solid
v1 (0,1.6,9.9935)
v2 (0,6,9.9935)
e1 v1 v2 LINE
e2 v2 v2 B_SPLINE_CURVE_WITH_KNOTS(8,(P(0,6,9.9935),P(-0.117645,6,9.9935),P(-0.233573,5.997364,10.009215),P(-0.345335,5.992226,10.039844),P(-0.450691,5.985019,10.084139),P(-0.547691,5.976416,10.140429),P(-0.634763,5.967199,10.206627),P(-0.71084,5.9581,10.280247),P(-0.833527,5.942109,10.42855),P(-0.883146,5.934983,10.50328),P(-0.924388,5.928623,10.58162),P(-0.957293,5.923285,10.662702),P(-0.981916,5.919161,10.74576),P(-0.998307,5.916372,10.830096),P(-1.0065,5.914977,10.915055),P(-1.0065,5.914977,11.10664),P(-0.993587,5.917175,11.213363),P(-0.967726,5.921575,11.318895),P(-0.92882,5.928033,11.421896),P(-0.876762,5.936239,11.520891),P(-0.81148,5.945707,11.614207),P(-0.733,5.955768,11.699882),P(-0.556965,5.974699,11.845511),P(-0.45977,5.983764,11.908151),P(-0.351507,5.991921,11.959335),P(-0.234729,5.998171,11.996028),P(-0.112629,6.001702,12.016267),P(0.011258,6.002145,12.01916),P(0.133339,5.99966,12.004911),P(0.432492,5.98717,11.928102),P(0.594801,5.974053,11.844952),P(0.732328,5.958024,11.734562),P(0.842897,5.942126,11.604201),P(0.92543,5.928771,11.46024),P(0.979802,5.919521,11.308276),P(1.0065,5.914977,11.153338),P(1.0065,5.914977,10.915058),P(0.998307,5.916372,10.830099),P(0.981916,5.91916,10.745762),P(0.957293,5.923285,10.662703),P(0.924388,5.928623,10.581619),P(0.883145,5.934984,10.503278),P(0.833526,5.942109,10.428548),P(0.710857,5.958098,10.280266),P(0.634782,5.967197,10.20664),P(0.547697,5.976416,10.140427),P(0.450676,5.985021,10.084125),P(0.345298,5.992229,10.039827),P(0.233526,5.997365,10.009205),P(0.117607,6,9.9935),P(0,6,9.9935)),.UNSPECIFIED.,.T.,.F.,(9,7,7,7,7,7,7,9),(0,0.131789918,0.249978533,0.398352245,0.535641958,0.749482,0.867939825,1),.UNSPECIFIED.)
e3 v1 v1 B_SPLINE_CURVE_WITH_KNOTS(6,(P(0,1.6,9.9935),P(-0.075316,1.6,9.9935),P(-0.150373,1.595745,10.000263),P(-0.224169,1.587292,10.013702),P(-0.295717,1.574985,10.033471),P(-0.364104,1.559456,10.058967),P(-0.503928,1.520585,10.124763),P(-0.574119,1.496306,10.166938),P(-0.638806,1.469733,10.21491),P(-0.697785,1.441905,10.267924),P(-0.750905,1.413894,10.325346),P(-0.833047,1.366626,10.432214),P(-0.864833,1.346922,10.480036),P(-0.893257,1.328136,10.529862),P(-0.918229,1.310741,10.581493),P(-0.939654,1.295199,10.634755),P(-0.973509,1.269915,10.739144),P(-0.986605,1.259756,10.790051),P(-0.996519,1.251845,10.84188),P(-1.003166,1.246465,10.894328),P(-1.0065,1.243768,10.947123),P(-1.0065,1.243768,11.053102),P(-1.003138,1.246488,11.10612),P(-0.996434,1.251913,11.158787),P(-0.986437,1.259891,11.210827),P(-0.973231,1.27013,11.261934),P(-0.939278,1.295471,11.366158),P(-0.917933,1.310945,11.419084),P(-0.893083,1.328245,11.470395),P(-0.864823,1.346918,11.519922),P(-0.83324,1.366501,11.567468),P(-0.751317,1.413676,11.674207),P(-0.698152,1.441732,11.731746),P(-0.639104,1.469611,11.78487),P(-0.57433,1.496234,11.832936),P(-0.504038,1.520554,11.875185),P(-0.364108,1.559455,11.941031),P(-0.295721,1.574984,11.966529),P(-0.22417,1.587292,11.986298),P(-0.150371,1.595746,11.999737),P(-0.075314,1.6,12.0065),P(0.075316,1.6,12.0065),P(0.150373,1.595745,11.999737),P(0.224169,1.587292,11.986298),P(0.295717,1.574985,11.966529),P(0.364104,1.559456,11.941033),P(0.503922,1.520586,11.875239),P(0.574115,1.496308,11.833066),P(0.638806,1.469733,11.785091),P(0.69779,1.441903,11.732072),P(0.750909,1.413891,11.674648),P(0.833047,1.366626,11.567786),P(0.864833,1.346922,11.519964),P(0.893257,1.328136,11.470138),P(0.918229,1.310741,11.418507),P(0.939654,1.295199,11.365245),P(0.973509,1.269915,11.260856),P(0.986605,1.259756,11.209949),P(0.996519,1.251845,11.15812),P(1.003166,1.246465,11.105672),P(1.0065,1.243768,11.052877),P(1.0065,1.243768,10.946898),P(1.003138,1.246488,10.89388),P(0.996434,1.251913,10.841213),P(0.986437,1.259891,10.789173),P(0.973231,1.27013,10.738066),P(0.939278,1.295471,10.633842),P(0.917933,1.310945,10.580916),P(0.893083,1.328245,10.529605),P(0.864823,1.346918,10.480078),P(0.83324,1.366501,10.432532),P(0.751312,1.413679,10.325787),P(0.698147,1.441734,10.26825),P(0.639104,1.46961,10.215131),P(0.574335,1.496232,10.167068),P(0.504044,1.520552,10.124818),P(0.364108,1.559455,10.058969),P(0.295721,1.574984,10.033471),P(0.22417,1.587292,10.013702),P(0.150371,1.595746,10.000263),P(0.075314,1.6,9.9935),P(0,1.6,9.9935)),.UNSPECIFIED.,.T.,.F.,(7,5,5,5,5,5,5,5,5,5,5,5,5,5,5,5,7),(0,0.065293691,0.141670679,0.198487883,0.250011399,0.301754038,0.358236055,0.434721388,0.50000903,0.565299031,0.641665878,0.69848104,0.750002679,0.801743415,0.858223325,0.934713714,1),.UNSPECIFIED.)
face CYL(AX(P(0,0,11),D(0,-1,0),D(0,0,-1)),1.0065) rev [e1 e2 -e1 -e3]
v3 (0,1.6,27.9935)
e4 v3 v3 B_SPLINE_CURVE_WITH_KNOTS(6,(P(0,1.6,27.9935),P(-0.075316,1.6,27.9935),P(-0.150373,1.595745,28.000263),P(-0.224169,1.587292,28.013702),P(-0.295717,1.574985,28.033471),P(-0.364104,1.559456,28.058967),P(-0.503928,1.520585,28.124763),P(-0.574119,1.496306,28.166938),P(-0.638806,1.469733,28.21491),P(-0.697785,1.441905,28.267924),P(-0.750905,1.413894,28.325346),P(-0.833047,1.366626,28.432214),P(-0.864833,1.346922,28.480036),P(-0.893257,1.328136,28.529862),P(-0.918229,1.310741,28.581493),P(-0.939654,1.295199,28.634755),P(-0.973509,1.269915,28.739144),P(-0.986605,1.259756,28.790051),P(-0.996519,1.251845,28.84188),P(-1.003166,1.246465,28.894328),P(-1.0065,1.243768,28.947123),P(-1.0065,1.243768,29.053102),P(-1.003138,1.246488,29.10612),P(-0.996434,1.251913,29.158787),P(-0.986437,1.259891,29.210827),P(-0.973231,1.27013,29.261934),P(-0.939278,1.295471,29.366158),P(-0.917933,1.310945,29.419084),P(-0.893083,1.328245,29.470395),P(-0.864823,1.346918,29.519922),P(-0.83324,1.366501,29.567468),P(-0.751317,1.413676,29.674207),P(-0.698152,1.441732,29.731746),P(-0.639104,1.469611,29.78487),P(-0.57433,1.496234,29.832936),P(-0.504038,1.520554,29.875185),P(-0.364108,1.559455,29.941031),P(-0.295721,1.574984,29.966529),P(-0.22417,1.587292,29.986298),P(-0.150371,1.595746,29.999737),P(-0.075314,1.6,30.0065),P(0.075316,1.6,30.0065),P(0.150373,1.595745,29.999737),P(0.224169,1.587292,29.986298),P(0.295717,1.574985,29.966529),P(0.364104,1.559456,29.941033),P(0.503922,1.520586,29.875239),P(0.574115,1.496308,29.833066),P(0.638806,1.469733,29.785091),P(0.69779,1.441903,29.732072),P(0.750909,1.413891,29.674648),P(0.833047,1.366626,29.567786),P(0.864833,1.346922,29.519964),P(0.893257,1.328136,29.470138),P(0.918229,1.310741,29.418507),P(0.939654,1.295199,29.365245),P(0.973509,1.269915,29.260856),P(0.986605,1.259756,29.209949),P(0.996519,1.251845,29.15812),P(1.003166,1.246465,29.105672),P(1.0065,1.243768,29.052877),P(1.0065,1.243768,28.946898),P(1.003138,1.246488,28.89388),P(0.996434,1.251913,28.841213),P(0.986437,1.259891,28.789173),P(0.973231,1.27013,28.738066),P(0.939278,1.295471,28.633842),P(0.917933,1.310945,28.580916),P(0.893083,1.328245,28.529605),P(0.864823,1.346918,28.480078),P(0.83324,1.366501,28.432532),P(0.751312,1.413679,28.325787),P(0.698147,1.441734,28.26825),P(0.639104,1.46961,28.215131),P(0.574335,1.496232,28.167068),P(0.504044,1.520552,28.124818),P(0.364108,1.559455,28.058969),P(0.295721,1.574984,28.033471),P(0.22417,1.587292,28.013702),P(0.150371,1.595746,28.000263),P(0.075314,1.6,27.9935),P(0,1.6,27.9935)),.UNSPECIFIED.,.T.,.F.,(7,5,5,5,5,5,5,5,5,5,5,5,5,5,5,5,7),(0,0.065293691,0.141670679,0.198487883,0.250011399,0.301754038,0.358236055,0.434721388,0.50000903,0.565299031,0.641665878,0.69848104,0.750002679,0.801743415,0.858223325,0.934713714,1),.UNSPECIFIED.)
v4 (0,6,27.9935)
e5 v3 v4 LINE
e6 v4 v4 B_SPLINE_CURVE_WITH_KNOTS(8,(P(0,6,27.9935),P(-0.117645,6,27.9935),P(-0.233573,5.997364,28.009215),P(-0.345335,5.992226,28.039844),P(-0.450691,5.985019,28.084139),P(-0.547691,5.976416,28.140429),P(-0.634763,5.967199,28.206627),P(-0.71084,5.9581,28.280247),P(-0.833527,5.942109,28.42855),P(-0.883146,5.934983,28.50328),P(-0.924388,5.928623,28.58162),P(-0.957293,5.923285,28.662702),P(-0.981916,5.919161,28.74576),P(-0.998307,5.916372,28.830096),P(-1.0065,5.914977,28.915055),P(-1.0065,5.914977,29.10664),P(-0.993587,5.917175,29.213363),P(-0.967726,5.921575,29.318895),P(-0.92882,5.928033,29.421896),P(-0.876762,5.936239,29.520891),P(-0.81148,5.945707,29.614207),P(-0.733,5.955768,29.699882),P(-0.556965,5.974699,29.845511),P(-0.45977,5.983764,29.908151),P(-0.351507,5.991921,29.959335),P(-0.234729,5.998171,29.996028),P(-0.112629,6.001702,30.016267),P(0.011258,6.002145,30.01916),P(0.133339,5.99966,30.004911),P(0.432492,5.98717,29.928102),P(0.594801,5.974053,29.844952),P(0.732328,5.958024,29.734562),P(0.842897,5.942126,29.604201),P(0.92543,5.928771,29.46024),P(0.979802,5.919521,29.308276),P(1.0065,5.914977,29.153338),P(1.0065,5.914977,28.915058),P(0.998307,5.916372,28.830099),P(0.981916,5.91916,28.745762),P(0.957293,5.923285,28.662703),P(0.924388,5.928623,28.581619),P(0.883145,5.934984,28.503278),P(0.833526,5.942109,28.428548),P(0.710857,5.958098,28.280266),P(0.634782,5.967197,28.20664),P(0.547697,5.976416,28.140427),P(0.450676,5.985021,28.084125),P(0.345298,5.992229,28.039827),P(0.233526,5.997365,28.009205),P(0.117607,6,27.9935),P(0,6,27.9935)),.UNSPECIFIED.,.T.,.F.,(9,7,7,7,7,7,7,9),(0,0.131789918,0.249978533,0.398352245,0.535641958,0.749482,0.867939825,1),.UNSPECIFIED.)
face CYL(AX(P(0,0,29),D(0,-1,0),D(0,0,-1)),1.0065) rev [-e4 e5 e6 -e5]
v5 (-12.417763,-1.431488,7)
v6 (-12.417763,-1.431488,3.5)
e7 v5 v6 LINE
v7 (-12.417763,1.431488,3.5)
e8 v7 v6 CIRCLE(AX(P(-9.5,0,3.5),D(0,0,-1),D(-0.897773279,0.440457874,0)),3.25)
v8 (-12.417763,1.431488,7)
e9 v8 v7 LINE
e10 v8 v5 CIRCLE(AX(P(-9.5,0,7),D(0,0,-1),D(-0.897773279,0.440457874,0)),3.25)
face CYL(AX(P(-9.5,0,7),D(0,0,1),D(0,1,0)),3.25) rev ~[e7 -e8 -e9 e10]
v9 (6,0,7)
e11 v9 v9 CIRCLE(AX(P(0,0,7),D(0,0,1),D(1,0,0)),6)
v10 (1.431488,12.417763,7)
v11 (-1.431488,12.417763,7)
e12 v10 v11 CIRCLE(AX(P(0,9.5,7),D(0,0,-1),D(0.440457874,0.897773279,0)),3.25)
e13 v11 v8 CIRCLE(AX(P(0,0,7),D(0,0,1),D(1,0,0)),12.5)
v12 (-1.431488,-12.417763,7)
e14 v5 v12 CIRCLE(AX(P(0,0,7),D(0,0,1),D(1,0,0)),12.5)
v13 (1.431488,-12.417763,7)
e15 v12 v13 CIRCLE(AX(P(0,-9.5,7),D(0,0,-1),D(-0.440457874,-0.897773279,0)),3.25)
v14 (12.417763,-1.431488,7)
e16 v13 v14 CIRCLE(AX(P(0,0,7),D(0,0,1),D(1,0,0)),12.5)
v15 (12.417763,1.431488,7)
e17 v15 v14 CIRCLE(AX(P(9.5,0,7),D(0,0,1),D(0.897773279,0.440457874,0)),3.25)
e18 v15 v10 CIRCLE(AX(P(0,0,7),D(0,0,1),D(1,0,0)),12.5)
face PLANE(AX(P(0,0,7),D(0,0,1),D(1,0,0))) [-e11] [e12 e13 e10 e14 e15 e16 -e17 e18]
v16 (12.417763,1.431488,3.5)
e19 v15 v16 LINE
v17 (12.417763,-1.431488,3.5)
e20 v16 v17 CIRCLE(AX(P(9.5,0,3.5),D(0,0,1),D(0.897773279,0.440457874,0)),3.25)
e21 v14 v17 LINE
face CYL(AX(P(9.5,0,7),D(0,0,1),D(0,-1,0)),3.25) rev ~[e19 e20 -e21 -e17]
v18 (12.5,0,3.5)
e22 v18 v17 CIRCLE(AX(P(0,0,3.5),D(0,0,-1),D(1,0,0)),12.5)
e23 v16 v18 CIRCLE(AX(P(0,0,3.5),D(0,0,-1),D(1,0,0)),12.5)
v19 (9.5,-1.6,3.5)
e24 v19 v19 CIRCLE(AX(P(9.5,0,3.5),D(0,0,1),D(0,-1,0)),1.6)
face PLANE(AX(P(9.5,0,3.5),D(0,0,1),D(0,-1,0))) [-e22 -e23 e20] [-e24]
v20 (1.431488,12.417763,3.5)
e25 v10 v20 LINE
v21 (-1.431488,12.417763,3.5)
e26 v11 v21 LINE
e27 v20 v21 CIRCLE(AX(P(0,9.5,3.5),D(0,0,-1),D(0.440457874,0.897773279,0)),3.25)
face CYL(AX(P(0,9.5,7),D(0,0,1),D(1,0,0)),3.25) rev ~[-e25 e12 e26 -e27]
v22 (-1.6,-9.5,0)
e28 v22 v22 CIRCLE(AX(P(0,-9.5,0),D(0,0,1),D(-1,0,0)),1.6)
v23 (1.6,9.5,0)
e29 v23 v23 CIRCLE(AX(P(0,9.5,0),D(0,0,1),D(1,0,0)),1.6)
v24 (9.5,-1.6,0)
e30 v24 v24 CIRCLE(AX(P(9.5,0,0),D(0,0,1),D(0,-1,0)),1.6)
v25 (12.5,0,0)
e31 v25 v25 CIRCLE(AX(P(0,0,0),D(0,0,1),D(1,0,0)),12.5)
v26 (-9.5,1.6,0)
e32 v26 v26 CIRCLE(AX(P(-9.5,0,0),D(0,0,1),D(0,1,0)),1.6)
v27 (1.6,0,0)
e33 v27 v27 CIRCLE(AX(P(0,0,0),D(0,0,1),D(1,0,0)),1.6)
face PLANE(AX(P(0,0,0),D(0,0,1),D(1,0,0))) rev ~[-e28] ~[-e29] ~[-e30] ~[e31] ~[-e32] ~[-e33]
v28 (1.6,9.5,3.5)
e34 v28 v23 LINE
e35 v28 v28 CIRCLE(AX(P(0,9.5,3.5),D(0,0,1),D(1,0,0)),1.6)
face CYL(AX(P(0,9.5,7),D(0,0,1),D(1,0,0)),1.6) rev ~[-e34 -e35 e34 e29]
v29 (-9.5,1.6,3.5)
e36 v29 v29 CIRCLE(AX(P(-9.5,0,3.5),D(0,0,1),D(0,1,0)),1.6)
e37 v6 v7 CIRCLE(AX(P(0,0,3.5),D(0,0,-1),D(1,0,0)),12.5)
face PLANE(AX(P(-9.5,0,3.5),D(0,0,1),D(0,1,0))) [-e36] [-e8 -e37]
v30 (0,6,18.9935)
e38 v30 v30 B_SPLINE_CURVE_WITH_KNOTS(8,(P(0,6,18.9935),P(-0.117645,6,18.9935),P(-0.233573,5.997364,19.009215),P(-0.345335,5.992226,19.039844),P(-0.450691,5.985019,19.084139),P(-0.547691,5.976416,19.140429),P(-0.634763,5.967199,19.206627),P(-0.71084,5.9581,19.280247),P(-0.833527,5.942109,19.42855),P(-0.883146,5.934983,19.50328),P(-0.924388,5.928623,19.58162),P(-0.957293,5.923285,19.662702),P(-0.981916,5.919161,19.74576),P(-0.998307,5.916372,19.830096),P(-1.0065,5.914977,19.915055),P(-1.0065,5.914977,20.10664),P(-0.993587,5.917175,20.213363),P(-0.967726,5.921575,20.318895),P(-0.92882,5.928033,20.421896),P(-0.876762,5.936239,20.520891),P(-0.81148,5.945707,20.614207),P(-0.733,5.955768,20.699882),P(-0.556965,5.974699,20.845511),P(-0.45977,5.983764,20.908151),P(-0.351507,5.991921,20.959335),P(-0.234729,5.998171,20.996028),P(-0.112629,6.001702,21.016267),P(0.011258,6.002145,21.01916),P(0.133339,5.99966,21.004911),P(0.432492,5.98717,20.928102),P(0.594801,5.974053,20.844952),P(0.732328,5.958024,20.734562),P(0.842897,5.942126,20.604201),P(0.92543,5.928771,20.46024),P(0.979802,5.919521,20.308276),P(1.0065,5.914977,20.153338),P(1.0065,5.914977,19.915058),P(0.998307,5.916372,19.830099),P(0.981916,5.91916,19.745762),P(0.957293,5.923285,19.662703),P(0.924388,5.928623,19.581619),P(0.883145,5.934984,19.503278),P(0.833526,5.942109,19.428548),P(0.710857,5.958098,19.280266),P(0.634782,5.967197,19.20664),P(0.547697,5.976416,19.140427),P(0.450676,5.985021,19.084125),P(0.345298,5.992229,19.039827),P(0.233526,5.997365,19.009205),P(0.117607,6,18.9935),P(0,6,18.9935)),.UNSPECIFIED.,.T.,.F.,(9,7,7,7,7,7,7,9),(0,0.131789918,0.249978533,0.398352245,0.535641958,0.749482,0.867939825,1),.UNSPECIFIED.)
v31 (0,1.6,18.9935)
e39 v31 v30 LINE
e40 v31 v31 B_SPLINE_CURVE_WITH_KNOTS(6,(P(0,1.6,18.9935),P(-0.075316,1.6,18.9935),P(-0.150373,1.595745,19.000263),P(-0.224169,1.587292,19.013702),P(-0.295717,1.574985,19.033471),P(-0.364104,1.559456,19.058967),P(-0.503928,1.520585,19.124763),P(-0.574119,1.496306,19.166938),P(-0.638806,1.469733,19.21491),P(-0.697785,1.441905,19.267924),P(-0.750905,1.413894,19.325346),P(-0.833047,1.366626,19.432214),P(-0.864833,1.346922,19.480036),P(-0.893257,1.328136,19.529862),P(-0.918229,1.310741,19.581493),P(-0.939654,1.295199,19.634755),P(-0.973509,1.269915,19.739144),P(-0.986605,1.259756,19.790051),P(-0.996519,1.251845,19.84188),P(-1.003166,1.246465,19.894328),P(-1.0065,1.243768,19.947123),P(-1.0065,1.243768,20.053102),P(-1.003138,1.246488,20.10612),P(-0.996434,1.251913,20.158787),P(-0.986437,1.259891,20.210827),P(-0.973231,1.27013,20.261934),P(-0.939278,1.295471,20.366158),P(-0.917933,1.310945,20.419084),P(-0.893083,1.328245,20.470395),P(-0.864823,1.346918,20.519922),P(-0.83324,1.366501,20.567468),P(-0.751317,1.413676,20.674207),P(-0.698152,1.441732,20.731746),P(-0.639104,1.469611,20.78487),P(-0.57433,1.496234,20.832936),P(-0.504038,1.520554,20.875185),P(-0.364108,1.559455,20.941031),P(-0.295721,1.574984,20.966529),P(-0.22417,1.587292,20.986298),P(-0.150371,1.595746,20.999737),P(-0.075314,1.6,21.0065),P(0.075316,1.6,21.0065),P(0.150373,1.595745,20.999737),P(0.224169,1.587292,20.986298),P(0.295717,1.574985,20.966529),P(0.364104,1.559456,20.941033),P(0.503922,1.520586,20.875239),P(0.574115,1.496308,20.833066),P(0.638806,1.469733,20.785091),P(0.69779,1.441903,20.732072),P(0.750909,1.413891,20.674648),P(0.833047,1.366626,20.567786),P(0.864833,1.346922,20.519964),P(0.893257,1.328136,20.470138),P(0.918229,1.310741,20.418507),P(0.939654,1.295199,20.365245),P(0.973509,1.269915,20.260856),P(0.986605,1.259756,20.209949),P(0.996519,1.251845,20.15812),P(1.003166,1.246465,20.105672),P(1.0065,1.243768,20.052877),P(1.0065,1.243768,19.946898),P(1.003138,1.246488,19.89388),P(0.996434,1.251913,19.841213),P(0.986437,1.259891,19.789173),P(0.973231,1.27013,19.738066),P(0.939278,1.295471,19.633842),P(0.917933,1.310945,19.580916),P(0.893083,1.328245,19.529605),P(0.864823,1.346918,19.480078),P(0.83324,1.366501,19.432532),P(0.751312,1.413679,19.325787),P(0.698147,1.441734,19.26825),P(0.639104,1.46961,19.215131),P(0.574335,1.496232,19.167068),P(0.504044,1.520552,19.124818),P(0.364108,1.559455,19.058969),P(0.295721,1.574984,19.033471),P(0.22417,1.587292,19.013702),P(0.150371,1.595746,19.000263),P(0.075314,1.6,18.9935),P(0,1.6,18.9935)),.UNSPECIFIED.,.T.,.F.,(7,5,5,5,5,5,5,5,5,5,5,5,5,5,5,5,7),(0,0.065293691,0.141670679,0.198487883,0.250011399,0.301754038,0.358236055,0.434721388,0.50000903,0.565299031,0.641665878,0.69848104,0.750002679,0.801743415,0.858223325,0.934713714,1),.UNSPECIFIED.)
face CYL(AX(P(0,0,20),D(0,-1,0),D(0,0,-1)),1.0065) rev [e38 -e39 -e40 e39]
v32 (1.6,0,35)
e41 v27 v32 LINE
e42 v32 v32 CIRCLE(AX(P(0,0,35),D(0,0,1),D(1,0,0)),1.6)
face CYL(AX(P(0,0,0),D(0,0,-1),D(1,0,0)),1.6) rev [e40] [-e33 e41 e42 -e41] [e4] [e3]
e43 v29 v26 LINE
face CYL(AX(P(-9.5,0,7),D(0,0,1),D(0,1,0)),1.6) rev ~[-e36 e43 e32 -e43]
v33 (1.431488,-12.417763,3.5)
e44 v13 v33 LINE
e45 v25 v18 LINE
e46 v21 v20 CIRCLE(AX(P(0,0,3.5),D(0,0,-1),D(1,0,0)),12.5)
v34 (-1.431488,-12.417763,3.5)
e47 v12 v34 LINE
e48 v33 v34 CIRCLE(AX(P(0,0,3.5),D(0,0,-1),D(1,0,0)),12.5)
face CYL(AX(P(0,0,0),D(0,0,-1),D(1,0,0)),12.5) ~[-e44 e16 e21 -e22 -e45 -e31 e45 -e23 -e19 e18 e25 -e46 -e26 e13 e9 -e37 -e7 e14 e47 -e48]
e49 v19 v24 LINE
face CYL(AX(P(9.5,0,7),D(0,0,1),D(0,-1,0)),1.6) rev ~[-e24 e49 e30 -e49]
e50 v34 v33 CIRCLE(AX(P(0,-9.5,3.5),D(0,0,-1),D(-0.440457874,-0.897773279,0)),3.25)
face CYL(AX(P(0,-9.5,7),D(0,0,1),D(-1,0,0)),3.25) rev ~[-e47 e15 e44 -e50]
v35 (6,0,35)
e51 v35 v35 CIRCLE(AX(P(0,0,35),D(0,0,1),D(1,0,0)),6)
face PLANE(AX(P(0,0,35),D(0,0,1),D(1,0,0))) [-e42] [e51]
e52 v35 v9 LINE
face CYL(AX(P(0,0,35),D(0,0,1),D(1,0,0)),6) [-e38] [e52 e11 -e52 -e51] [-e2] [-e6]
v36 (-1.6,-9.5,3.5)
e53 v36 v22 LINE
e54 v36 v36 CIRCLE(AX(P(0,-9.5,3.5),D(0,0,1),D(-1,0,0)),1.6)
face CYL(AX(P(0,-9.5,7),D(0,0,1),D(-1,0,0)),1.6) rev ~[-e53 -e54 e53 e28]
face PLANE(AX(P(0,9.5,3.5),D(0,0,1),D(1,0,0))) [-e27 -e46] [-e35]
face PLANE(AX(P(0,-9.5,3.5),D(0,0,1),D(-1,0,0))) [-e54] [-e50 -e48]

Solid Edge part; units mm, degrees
sketch "Sketch1" plane through (0, 0, 0) normal (0, 0, 1) x (1, 0, 0)
  circle A0 centre (0, 0) radius 12.5
  circle A1 centre (0, 0) radius 1.6
extrude "Protrusion1" add sketch "Sketch1" along normal blind 35
sketch "Sketch2" plane through (0, 0, 35) normal (0, 0, 1) x (1, 0, 0)
  circle A0 centre (0, 0) radius 12.5
  circle A1 centre (0, 0) radius 6
extrude "ExtrudedCutout_1" cut sketch "Sketch2" against normal blind 28
sketch "Sketch3" plane through (0, 0, 7) normal (0, 0, 1) x (1, 0, 0)
  circle A0 centre (0, 9.5) radius 1.6
  dimension "D1" = 9.5
extrude "Cutout1" cut sketch "Sketch3" against normal up to next
sketch "Sketch4" plane through (0, 0, 7) normal (0, 0, 1) x (1, 0, 0)
  circle A0 centre (0, 9.5) radius 3.25
extrude "ExtrudedCutout_3" cut sketch "Sketch4" against normal blind 3.5
pattern_circular "Pattern1" count 4 over 360 about axis through (0, 0, 7) along (0, 0, 1) of "Cutout1", "ExtrudedCutout_3"
hole "Hole_4" at (0, 0, 29) direction (0, 1, 0) diameter 2.013 end up to next
hole "Hole1" at (0, 0, 20) direction (0, 1, 0) diameter 2.013 end up to next
hole "Hole2" at (0, 0, 11) direction (0, 1, 0) diameter 2.013 end up to next
